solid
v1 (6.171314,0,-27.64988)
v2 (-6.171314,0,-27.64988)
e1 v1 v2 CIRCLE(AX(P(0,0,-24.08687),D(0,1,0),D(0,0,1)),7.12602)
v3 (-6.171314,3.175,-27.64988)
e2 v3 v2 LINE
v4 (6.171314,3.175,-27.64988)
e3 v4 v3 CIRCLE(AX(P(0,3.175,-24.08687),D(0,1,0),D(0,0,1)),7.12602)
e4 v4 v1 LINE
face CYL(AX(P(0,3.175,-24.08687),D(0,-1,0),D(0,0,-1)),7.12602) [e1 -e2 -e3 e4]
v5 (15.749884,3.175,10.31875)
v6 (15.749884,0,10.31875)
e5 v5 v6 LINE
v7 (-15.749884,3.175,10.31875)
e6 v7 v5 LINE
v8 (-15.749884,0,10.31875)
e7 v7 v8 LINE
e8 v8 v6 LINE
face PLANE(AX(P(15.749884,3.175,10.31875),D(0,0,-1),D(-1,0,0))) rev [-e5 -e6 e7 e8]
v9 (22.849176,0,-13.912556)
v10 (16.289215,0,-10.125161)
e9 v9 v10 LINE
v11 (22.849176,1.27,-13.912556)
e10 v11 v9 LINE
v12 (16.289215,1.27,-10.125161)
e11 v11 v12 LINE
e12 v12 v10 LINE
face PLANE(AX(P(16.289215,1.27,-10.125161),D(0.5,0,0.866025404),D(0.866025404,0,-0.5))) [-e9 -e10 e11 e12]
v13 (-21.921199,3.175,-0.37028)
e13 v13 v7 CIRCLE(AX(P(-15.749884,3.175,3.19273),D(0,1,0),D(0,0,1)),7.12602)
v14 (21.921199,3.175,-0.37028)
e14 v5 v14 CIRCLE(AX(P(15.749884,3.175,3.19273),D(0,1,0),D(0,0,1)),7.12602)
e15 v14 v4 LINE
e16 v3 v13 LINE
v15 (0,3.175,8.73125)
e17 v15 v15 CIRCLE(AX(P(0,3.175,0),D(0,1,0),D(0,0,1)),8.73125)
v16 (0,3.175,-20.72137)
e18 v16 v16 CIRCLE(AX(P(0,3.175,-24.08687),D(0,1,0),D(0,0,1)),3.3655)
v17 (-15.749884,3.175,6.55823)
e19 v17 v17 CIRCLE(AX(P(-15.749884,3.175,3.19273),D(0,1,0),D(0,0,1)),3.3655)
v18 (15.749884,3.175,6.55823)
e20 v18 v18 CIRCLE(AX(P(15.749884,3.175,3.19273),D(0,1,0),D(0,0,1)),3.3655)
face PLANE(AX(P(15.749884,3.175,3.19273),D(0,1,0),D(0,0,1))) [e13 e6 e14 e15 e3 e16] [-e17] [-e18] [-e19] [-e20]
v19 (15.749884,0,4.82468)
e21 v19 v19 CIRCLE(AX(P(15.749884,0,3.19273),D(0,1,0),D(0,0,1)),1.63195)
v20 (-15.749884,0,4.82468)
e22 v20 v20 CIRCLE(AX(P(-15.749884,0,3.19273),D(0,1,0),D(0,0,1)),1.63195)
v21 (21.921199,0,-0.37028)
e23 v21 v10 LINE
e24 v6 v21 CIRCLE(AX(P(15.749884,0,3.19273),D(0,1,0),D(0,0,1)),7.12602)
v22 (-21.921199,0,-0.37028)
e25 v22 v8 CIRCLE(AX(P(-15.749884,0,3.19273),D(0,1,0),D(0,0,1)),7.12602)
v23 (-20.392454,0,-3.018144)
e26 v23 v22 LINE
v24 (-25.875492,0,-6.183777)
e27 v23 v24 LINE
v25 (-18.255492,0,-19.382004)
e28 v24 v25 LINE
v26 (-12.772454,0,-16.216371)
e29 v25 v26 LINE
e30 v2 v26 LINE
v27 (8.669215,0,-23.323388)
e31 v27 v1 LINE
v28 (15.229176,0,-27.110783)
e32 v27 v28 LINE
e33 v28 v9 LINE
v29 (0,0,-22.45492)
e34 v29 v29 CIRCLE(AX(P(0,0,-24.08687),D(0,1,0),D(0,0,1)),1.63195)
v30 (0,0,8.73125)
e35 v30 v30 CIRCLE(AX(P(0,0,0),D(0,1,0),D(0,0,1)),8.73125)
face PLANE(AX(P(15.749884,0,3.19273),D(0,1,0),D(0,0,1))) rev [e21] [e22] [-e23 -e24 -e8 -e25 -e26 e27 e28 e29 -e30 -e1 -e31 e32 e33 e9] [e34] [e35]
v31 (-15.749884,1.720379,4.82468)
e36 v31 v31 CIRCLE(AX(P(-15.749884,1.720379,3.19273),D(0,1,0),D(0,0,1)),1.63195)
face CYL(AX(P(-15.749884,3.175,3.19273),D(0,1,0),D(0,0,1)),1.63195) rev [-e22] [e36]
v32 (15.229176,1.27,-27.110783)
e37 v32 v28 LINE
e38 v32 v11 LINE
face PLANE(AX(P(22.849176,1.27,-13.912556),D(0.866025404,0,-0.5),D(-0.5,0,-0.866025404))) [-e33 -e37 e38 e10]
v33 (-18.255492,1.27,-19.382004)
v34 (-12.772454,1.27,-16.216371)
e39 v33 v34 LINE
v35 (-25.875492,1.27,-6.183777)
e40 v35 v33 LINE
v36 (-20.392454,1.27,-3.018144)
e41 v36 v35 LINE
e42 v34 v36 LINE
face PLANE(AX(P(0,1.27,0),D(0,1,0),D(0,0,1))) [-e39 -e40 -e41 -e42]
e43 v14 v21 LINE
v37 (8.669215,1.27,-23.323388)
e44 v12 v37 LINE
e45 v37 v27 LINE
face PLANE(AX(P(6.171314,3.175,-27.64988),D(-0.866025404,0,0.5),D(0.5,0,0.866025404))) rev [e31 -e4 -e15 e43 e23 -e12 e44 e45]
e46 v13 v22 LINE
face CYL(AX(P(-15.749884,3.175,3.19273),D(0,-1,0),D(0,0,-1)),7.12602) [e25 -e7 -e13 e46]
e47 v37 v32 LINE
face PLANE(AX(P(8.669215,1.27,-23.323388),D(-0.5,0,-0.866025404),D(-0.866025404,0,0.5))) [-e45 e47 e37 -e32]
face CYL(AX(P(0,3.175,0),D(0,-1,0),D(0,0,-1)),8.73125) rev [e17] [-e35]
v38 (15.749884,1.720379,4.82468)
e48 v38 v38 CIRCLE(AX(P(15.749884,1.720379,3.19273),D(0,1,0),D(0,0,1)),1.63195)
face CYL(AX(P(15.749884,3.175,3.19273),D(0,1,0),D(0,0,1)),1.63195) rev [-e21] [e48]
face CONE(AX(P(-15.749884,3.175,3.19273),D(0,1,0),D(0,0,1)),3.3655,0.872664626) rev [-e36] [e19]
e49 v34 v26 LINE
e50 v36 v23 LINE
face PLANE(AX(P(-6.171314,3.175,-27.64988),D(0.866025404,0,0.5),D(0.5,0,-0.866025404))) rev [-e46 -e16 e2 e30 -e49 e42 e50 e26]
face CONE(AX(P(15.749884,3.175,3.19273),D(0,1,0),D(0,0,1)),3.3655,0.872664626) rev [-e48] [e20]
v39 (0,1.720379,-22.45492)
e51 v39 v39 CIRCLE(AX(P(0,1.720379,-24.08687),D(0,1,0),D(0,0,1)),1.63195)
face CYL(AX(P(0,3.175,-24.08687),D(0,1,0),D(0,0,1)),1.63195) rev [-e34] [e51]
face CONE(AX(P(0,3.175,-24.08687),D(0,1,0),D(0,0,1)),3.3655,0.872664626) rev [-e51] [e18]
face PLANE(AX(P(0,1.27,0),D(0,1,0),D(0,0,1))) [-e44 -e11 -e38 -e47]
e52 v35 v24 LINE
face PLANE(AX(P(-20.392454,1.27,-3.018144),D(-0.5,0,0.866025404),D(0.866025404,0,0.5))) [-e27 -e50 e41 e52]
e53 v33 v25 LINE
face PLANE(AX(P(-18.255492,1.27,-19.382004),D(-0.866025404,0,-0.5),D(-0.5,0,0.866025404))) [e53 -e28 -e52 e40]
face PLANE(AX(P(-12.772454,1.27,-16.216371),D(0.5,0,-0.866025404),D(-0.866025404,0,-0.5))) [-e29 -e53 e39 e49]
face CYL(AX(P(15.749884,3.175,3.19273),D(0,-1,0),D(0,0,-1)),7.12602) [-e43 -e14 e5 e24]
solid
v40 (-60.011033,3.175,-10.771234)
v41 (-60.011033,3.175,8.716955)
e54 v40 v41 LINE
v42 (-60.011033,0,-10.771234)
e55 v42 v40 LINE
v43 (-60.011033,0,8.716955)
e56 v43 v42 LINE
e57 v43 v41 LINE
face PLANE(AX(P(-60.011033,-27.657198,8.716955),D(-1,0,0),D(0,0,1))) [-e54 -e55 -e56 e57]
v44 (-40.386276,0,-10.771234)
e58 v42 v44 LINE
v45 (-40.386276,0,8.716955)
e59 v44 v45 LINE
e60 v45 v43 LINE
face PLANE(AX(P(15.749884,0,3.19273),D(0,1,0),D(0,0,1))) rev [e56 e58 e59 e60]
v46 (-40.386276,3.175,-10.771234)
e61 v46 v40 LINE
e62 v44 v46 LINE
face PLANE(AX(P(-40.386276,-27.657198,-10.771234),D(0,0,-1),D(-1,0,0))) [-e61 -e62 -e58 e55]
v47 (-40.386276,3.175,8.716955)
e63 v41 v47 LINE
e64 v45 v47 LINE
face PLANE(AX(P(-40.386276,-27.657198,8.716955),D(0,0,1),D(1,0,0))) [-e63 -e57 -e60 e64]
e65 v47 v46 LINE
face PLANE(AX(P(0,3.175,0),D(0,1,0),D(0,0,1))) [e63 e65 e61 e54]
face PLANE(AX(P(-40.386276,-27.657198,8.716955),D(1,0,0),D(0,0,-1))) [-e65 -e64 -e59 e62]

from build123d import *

# Parameters (mm, degrees)
SKETCH1_R                                         = 8.73125
BOSS_EXTRUDE1_DEPTH                               = 3.175
CSK_FOR_4_FLAT_HEAD_MACHINE_SCREW_100_D           = 3.2639
CSK_FOR_4_FLAT_HEAD_MACHINE_SCREW_100_CSINK_D     = 6.731
CSK_FOR_4_FLAT_HEAD_MACHINE_SCREW_100_CSINK_ANGLE = 100
SKETCH6_W                                         = 19.624756389
SKETCH6_H                                         = 19.488189804
BOSS_EXTRUDE2_DEPTH                               = 3.175
BOSS_EXTRUDE3_DEPTH                               = 1.27


with BuildPart() as part:
    # Sketch1 → Boss-Extrude1 (new body)
    with BuildSketch(Plane(origin=(0, 0, 0), x_dir=(1, 0, 0), z_dir=(0, 1, 0))):
        with BuildLine():
            Line((-6.171314161, 27.649879676), (-21.921198564, 0.370279676))
            ThreePointArc((-21.921198564, 0.370279676), (-21.921198564, -6.755740108), (-15.749884403, -10.31875))
            Line((-15.749884403, -10.31875), (15.749884403, -10.31875))
            ThreePointArc((15.749884403, -10.31875), (21.921198564, -6.755740108), (21.921198564, 0.370279676))
            Line((21.921198564, 0.370279676), (6.171314161, 27.649879676))
            ThreePointArc((6.171314161, 27.649879676), (0, 31.212889568), (-6.171314161, 27.649879676))
        make_face()
        with Locations(Location((0, 0, 0), (0, 0, 270))):
            Circle(SKETCH1_R, mode=Mode.SUBTRACT)
    extrude(amount=BOSS_EXTRUDE1_DEPTH)

    # CSK for #4 Flat Head Machine Screw (100)1 (through all)
    with Locations(Plane(origin=(0, 3.175, 0), x_dir=(1, 0, 0), z_dir=(0, 1, 0))):
        with Locations((0, 24.086869784), (-15.749884403, -3.192730216), (15.749884403, -3.192730216)):
            CounterSinkHole(CSK_FOR_4_FLAT_HEAD_MACHINE_SCREW_100_D / 2, CSK_FOR_4_FLAT_HEAD_MACHINE_SCREW_100_CSINK_D / 2, counter_sink_angle=CSK_FOR_4_FLAT_HEAD_MACHINE_SCREW_100_CSINK_ANGLE)

    # Sketch7 → Boss-Extrude3 (add)
    with BuildSketch(Plane.XZ):
        Polygon((16.289215205, -10.125161001), (8.669215205, -23.323388155), (15.229176289, -27.110783453), (22.849176289, -13.912556299), align=None)
        Polygon((-12.772453659, -16.216370676), (-20.392453659, -3.018143523), (-25.87549158, -6.183776942), (-18.25549158, -19.382004096), align=None)
    extrude(amount=-BOSS_EXTRUDE3_DEPTH)


with BuildPart() as body_2:
    # Sketch6 → Boss-Extrude2 (new body)
    with BuildSketch(Plane(origin=(0, 3.175, 0), x_dir=(1, 0, 0), z_dir=(0, 1, 0))):
        with Locations((-50.198654317, 1.027139445)):
            Rectangle(SKETCH6_W, SKETCH6_H)
    extrude(amount=-BOSS_EXTRUDE2_DEPTH)


solid = Compound([part.part, body_2.part])
